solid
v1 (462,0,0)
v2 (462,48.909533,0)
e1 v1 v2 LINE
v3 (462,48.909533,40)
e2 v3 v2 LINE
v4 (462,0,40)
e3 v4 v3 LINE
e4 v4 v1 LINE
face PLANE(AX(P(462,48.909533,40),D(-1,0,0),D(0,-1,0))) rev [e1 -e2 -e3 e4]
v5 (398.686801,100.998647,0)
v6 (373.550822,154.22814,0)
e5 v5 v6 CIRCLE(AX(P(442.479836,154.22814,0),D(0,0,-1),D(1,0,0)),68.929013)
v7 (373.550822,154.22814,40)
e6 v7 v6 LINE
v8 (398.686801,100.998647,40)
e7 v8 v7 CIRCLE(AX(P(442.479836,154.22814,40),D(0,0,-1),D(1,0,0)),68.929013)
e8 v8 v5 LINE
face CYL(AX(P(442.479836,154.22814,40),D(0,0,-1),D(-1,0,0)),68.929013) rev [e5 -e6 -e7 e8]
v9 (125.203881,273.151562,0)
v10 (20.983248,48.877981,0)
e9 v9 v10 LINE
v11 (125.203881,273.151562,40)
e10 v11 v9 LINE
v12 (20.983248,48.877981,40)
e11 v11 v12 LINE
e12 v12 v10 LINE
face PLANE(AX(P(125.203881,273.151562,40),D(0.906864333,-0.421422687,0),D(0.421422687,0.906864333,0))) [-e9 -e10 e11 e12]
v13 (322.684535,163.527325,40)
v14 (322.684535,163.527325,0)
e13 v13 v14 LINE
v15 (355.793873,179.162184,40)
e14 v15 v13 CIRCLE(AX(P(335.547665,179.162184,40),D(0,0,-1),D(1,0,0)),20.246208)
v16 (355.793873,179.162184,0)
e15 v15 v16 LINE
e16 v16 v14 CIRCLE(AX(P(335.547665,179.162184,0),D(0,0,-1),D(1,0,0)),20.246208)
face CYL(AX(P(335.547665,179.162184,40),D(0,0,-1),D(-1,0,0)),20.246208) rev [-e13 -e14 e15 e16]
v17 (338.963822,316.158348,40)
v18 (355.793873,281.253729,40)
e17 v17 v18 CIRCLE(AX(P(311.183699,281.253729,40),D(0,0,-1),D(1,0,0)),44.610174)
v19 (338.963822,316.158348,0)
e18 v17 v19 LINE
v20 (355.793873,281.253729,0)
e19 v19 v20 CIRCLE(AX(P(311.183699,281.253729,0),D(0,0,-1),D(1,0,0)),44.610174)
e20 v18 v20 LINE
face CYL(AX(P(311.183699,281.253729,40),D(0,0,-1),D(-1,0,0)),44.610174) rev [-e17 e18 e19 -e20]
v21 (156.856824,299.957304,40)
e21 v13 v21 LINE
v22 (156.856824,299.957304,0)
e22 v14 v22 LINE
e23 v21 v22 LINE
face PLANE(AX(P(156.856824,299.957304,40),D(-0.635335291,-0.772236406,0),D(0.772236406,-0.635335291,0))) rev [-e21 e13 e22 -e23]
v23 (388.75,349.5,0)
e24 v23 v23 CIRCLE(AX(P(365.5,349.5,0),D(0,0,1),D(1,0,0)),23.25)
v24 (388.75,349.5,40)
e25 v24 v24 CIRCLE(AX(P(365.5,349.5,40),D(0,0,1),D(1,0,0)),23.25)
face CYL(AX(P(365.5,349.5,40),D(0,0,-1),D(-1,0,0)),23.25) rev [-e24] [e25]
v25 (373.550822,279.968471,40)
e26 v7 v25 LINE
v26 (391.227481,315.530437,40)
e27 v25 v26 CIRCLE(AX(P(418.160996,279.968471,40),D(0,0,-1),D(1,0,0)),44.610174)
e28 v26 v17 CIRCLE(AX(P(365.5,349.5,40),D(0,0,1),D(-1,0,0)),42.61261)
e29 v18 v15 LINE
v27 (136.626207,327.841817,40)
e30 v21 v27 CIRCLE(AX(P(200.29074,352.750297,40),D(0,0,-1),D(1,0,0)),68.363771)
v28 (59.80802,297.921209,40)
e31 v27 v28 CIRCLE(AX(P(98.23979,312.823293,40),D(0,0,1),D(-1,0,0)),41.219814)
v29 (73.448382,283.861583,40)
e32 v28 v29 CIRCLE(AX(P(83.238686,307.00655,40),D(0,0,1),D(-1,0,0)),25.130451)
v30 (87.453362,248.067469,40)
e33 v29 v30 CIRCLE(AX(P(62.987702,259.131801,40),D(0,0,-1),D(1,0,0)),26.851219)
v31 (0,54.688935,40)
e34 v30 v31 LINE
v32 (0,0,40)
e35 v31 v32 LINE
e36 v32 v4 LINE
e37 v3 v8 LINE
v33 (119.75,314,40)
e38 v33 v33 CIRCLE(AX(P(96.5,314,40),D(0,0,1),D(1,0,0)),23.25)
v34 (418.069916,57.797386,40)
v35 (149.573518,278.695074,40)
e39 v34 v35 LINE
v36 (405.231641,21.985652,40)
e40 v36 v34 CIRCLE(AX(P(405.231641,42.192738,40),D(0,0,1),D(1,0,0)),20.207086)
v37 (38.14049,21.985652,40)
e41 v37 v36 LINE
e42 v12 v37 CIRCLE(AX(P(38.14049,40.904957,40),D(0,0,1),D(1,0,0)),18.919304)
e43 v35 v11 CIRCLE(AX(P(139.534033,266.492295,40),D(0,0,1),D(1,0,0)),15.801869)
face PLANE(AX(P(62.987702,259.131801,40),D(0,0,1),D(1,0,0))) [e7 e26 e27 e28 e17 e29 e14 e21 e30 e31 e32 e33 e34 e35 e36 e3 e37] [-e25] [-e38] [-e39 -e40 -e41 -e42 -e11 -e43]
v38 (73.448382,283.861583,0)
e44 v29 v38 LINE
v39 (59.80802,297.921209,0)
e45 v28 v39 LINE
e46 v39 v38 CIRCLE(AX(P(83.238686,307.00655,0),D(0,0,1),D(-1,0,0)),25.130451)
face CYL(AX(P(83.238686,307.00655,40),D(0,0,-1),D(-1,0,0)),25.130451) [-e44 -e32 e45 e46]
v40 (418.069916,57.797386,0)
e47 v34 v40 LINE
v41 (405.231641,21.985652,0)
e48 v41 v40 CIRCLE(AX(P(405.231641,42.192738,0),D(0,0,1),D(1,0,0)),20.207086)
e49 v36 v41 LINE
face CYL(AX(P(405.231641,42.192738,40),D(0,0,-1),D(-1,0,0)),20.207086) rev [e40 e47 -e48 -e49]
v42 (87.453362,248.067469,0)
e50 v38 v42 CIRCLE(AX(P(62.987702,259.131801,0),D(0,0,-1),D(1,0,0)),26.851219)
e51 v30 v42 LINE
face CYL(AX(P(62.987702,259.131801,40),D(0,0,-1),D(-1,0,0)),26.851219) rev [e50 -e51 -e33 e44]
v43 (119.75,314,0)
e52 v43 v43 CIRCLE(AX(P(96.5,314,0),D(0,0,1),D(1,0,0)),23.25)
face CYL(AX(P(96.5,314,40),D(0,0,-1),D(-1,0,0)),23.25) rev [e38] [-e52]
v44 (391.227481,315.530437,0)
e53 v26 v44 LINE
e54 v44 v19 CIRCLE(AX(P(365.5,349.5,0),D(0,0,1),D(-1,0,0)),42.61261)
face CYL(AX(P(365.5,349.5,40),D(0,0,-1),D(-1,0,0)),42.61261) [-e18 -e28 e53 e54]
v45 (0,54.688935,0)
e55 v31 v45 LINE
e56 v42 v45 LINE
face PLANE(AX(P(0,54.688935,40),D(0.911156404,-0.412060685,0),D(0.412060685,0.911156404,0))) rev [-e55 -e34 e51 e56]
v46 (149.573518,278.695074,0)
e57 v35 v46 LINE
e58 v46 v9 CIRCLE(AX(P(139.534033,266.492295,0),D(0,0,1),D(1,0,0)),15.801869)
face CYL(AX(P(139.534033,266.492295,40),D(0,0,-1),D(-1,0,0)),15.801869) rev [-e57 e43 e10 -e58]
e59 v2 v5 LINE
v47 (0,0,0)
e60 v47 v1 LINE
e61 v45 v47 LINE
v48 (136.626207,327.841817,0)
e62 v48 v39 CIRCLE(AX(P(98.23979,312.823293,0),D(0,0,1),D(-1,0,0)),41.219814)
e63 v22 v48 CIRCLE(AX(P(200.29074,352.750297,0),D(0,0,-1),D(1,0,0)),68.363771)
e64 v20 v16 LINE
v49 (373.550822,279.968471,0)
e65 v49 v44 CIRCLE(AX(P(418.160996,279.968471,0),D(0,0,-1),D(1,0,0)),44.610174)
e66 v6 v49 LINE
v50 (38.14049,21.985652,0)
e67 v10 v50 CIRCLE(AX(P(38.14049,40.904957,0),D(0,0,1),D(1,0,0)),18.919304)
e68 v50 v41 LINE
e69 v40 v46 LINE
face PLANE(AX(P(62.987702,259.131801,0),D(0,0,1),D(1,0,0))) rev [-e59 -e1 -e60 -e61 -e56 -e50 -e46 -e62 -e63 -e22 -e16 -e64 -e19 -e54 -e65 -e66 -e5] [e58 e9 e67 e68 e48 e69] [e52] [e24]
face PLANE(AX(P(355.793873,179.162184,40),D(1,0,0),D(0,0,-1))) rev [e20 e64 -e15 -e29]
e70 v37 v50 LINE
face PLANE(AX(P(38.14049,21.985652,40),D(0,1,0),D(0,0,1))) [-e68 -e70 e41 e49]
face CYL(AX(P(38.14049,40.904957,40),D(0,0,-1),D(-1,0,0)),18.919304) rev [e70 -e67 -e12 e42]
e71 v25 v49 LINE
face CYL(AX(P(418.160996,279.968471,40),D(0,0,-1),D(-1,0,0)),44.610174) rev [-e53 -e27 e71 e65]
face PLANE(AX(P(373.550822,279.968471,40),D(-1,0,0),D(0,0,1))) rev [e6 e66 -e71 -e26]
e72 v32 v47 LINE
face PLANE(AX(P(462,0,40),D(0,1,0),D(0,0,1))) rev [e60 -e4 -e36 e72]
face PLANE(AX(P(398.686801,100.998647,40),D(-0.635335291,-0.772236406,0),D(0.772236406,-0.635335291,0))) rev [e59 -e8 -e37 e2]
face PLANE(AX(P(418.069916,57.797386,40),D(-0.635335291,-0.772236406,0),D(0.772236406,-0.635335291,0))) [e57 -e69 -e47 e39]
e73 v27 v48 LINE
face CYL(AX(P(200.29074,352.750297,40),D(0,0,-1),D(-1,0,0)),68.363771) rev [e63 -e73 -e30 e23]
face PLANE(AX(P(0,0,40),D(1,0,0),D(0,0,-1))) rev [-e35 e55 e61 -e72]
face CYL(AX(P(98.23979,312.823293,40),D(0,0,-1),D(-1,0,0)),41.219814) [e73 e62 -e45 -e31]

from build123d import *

# Parameters (mm, degrees)
SZKIC2_R                    = 23.25
DODANIE_WYCI_GNI_CIE2_DEPTH = 40


with BuildPart() as part:
    # Szkic2 → Dodanie-wyciągnięcie2 (new body)
    with BuildSketch(Plane.XY):
        with BuildLine():
            Line((0, 0), (0, 54.688934957))
            Line((0, 54.688934957), (87.453362302, 248.067468892))
            ThreePointArc((87.453362302, 248.067468892), (87.993040755, 268.91551183), (73.44838199, 283.861583171))
            ThreePointArc((73.44838199, 283.861583171), (65.201876961, 289.507605405), (59.808019866, 297.921208552))
            ThreePointArc((59.808019866, 297.921208552), (83.279468744, 351.232430567), (136.626207071, 327.841816741))
            ThreePointArc((136.626207071, 327.841816741), (144.956248443, 312.604323506), (156.856823864, 299.957304331))
            Line((156.856823864, 299.957304331), (322.684534721, 163.527324946))
            ThreePointArc((322.684534721, 163.527324946), (344.192875478, 160.854554943), (355.793873119, 179.162183827))
            Line((355.793873119, 179.162183827), (355.793873119, 281.253729426))
            ThreePointArc((355.793873119, 281.253729426), (351.366678921, 300.628861995), (338.963821807, 316.158348333))
            ThreePointArc((338.963821807, 316.158348333), (366.011924038, 392.109534411), (391.227480575, 315.530436679))
            ThreePointArc((391.227480575, 315.530436679), (378.213678028, 299.824941516), (373.550822068, 279.968471302))
            Line((373.550822068, 279.968471302), (373.550822068, 154.228140368))
            ThreePointArc((373.550822068, 154.228140368), (380.150790995, 124.795180873), (398.686800685, 100.998646686))
            Line((398.686800685, 100.998646686), (462, 48.909533035))
            Line((462, 48.909533035), (462, 0))
            Line((462, 0), (0, 0))
        make_face()
        with Locations((96.5, 314)):
            Circle(SZKIC2_R, mode=Mode.SUBTRACT)
        with Locations((365.5, 349.5)):
            Circle(SZKIC2_R, mode=Mode.SUBTRACT)
        with BuildLine():
            Line((38.140490442, 21.985652154), (405.231641072, 21.985652154))
            ThreePointArc((405.231641072, 21.985652154), (424.253349591, 35.373578819), (418.06991605, 57.797385924))
            Line((418.06991605, 57.797385924), (149.573518435, 278.695074266))
            ThreePointArc((149.573518435, 278.695074266), (136.029024136, 281.900539629), (125.203881252, 273.151561656))
            Line((125.203881252, 273.151561656), (20.983248041, 48.87798069))
            ThreePointArc((20.983248041, 48.87798069), (22.19081724, 30.72910257), (38.140490442, 21.985652154))
        make_face(mode=Mode.SUBTRACT)
    extrude(amount=DODANIE_WYCI_GNI_CIE2_DEPTH)


solid = part.part
